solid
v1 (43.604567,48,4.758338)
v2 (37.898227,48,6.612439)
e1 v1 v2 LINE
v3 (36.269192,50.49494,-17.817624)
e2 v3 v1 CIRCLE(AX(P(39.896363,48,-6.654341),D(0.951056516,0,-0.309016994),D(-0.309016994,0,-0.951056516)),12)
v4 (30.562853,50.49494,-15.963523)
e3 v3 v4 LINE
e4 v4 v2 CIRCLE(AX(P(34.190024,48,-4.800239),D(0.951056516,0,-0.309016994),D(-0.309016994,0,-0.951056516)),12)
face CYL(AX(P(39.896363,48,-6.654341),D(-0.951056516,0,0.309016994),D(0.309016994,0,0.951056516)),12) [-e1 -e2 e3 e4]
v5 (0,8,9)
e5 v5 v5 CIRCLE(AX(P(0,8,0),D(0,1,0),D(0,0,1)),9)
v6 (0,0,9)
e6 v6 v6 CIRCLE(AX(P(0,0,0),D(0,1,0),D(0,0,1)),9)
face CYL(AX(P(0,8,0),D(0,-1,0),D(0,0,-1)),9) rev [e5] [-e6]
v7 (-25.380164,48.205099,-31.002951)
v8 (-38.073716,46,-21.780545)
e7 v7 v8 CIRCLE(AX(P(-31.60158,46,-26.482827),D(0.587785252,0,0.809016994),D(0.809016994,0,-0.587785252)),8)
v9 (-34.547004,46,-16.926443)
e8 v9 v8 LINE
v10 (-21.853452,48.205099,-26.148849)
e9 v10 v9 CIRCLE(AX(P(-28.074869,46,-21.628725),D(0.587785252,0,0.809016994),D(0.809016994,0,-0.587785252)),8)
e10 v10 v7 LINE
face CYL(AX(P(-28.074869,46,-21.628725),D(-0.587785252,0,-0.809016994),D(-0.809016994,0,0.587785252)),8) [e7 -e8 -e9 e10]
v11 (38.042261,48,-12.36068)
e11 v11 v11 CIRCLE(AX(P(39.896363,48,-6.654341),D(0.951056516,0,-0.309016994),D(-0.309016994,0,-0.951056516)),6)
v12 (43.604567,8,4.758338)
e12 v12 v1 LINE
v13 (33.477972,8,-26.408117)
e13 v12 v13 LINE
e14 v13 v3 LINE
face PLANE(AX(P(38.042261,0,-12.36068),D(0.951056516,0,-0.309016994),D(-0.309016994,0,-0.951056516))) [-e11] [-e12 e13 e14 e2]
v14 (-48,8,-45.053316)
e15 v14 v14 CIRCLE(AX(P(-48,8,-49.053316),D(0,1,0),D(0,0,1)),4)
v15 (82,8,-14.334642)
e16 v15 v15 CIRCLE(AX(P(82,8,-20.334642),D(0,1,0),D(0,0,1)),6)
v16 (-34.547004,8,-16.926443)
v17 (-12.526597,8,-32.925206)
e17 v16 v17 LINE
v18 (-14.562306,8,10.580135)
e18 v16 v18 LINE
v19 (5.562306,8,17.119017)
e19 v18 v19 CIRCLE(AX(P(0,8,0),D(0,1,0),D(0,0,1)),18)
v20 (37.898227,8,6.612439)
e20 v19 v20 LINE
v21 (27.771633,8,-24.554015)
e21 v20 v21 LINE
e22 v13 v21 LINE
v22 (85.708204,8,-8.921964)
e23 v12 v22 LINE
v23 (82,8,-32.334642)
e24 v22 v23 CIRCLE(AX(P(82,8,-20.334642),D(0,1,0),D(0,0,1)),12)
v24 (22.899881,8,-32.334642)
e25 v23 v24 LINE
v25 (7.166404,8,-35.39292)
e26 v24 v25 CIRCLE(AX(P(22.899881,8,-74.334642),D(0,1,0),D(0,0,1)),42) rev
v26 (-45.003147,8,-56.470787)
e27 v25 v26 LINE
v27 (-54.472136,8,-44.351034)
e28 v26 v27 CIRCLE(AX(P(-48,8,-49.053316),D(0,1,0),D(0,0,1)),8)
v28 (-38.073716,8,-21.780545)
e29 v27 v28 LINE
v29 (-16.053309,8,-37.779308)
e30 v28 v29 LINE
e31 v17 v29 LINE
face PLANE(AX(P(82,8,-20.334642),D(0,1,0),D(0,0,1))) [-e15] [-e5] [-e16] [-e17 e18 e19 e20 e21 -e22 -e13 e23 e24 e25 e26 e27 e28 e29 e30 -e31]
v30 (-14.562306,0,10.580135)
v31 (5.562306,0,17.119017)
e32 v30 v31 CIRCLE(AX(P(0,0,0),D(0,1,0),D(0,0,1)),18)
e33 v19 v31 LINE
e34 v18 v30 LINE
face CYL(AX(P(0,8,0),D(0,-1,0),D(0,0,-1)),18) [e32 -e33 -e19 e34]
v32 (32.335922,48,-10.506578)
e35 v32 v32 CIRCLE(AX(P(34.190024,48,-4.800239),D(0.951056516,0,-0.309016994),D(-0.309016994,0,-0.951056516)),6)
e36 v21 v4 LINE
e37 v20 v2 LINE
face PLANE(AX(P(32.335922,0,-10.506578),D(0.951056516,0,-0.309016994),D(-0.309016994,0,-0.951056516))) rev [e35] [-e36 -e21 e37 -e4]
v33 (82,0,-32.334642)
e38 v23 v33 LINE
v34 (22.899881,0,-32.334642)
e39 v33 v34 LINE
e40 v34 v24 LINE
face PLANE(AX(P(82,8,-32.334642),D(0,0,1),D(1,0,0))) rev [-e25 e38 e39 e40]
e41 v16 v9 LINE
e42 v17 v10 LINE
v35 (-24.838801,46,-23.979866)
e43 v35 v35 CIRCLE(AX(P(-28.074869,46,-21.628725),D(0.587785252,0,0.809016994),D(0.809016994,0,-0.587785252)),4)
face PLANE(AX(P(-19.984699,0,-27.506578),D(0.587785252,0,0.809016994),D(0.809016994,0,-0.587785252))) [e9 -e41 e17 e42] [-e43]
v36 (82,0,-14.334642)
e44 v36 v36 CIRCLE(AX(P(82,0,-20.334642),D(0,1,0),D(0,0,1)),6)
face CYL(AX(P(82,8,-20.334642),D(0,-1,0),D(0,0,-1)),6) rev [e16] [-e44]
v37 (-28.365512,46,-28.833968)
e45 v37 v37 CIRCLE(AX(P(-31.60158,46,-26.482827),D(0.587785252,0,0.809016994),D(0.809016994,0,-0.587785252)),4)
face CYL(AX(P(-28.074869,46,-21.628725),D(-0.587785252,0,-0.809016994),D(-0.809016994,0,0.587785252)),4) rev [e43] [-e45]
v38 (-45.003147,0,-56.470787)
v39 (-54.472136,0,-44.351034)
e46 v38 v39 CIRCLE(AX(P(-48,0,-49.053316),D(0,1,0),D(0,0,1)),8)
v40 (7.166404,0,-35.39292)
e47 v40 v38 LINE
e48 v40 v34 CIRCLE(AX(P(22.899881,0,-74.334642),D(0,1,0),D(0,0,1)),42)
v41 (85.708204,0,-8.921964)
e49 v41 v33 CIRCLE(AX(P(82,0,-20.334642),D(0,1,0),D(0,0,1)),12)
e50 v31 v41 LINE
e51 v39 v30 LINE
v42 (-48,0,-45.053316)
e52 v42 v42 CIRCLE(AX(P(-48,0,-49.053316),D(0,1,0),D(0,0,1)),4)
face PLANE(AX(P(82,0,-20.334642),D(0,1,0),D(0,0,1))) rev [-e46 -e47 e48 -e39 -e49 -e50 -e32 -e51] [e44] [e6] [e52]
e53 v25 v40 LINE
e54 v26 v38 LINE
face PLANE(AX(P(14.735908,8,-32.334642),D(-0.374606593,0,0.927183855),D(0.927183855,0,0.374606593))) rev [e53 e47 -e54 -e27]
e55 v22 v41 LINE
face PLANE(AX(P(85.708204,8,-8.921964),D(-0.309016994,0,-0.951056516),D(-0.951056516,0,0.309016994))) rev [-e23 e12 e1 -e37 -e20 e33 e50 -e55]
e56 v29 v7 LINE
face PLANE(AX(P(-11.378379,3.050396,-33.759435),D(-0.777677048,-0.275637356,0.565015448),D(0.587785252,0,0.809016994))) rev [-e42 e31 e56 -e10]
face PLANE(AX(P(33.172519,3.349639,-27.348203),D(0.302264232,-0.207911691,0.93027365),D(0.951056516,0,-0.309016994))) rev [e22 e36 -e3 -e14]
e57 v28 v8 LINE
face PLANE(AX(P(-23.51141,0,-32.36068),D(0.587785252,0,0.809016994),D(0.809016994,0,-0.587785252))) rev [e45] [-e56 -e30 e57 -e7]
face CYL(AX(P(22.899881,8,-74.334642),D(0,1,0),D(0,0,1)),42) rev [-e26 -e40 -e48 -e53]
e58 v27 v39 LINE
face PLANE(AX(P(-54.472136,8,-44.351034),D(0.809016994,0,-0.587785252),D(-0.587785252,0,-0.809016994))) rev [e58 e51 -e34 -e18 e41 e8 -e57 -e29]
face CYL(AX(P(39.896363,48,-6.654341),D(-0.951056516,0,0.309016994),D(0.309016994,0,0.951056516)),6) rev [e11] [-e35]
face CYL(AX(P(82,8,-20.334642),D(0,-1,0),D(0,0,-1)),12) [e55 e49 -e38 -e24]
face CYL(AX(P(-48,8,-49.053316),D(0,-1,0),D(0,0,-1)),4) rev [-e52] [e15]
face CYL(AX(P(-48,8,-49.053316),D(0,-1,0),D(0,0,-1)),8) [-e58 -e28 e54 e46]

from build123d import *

# Parameters (mm, degrees)
SKETCH1_R           = 9
SKETCH1_R_2         = 6
SKETCH1_R_3         = 4
BOSS_EXTRUDE1_DEPTH = 8
SKETCH3_R           = 8
SKETCH3_R_2         = 4
BOSS_EXTRUDE2_DEPTH = 3
SKETCH5_R           = 12
SKETCH5_R_2         = 6
BOSS_EXTRUDE3_DEPTH = 3
FILLET1_R           = 42


with BuildPart() as part:
    # Sketch1 → Boss-Extrude1 (new body)
    with BuildSketch(Plane(origin=(0, 0, 0), x_dir=(1, 0, 0), z_dir=(0, 1, 0))):
        with BuildLine():
            Line((82, 32.334641746), (14.735908192, 32.334641746))
            Line((14.735908192, 32.334641746), (-45.003147253, 56.470786852))
            ThreePointArc((-45.003147253, 56.470786852), (-54.304086029, 53.978607818), (-54.472135955, 44.351033997))
            Line((-54.472135955, 44.351033997), (-14.562305899, -10.580134541))
            ThreePointArc((-14.562305899, -10.580134541), (-5.562305899, -17.119017293), (5.562305899, -17.119017293))
            Line((5.562305899, -17.119017293), (85.708203932, 8.92196355))
            ThreePointArc((85.708203932, 8.92196355), (93.852260087, 22.211855326), (82, 32.334641746))
        make_face()
        Circle(SKETCH1_R, mode=Mode.SUBTRACT)
        with Locations((82, 20.334641746)):
            Circle(SKETCH1_R_2, mode=Mode.SUBTRACT)
        with Locations((-48, 49.053316016)):
            Circle(SKETCH1_R_3, mode=Mode.SUBTRACT)
    extrude(amount=BOSS_EXTRUDE1_DEPTH)

    # Sketch3 → Boss-Extrude2 (add, symmetric)
    with BuildSketch(Plane(origin=(-21.748054335, 0, -29.933628792), x_dir=(0.809016994, 0, -0.587785252), z_dir=(0.587785252, 0, 0.809016994))):
        with BuildLine():
            Line((-18, 46), (-18, 8))
            Line((-18, 8), (9.218720146, 8))
            Line((9.218720146, 8), (-2.309906432, 48.205098847))
            ThreePointArc((-2.309906432, 48.205098847), (-2.07785545, 47.113384808), (-2, 46))
            ThreePointArc((-2, 46), (-10, 38), (-18, 46))
        make_face()
        with Locations((-10, 46)):
            Circle(SKETCH3_R)
        with Locations((-10, 46)):
            Circle(SKETCH3_R_2, mode=Mode.SUBTRACT)
    extrude(amount=BOSS_EXTRUDE2_DEPTH, both=True)

    # Sketch5 → Boss-Extrude3 (add, symmetric)
    with BuildSketch(Plane(origin=(35.189091103, 0, -11.433628792), x_dir=(-0.309016994, 0, -0.951056516), z_dir=(0.951056516, 0, -0.309016994))):
        with BuildLine():
            Line((-18, 48), (-18, 8))
            Line((-18, 8), (14.770349605, 8))
            Line((14.770349605, 8), (5.737771209, 50.49494029))
            ThreePointArc((5.737771209, 50.49494029), (5.934262744, 49.254341559), (6, 48))
            ThreePointArc((6, 48), (-6, 36), (-18, 48))
        make_face()
        with Locations((-6, 48)):
            Circle(SKETCH5_R)
        with Locations((-6, 48)):
            Circle(SKETCH5_R_2, mode=Mode.SUBTRACT)
    extrude(amount=BOSS_EXTRUDE3_DEPTH, both=True)

    # Fillet1
    fillet1_edges = [part.edges().sort_by_distance(p)[0] for p in [
        (14.735908192, 4, -32.334641746),
    ]]
    fillet(fillet1_edges, radius=FILLET1_R)


solid = part.part
